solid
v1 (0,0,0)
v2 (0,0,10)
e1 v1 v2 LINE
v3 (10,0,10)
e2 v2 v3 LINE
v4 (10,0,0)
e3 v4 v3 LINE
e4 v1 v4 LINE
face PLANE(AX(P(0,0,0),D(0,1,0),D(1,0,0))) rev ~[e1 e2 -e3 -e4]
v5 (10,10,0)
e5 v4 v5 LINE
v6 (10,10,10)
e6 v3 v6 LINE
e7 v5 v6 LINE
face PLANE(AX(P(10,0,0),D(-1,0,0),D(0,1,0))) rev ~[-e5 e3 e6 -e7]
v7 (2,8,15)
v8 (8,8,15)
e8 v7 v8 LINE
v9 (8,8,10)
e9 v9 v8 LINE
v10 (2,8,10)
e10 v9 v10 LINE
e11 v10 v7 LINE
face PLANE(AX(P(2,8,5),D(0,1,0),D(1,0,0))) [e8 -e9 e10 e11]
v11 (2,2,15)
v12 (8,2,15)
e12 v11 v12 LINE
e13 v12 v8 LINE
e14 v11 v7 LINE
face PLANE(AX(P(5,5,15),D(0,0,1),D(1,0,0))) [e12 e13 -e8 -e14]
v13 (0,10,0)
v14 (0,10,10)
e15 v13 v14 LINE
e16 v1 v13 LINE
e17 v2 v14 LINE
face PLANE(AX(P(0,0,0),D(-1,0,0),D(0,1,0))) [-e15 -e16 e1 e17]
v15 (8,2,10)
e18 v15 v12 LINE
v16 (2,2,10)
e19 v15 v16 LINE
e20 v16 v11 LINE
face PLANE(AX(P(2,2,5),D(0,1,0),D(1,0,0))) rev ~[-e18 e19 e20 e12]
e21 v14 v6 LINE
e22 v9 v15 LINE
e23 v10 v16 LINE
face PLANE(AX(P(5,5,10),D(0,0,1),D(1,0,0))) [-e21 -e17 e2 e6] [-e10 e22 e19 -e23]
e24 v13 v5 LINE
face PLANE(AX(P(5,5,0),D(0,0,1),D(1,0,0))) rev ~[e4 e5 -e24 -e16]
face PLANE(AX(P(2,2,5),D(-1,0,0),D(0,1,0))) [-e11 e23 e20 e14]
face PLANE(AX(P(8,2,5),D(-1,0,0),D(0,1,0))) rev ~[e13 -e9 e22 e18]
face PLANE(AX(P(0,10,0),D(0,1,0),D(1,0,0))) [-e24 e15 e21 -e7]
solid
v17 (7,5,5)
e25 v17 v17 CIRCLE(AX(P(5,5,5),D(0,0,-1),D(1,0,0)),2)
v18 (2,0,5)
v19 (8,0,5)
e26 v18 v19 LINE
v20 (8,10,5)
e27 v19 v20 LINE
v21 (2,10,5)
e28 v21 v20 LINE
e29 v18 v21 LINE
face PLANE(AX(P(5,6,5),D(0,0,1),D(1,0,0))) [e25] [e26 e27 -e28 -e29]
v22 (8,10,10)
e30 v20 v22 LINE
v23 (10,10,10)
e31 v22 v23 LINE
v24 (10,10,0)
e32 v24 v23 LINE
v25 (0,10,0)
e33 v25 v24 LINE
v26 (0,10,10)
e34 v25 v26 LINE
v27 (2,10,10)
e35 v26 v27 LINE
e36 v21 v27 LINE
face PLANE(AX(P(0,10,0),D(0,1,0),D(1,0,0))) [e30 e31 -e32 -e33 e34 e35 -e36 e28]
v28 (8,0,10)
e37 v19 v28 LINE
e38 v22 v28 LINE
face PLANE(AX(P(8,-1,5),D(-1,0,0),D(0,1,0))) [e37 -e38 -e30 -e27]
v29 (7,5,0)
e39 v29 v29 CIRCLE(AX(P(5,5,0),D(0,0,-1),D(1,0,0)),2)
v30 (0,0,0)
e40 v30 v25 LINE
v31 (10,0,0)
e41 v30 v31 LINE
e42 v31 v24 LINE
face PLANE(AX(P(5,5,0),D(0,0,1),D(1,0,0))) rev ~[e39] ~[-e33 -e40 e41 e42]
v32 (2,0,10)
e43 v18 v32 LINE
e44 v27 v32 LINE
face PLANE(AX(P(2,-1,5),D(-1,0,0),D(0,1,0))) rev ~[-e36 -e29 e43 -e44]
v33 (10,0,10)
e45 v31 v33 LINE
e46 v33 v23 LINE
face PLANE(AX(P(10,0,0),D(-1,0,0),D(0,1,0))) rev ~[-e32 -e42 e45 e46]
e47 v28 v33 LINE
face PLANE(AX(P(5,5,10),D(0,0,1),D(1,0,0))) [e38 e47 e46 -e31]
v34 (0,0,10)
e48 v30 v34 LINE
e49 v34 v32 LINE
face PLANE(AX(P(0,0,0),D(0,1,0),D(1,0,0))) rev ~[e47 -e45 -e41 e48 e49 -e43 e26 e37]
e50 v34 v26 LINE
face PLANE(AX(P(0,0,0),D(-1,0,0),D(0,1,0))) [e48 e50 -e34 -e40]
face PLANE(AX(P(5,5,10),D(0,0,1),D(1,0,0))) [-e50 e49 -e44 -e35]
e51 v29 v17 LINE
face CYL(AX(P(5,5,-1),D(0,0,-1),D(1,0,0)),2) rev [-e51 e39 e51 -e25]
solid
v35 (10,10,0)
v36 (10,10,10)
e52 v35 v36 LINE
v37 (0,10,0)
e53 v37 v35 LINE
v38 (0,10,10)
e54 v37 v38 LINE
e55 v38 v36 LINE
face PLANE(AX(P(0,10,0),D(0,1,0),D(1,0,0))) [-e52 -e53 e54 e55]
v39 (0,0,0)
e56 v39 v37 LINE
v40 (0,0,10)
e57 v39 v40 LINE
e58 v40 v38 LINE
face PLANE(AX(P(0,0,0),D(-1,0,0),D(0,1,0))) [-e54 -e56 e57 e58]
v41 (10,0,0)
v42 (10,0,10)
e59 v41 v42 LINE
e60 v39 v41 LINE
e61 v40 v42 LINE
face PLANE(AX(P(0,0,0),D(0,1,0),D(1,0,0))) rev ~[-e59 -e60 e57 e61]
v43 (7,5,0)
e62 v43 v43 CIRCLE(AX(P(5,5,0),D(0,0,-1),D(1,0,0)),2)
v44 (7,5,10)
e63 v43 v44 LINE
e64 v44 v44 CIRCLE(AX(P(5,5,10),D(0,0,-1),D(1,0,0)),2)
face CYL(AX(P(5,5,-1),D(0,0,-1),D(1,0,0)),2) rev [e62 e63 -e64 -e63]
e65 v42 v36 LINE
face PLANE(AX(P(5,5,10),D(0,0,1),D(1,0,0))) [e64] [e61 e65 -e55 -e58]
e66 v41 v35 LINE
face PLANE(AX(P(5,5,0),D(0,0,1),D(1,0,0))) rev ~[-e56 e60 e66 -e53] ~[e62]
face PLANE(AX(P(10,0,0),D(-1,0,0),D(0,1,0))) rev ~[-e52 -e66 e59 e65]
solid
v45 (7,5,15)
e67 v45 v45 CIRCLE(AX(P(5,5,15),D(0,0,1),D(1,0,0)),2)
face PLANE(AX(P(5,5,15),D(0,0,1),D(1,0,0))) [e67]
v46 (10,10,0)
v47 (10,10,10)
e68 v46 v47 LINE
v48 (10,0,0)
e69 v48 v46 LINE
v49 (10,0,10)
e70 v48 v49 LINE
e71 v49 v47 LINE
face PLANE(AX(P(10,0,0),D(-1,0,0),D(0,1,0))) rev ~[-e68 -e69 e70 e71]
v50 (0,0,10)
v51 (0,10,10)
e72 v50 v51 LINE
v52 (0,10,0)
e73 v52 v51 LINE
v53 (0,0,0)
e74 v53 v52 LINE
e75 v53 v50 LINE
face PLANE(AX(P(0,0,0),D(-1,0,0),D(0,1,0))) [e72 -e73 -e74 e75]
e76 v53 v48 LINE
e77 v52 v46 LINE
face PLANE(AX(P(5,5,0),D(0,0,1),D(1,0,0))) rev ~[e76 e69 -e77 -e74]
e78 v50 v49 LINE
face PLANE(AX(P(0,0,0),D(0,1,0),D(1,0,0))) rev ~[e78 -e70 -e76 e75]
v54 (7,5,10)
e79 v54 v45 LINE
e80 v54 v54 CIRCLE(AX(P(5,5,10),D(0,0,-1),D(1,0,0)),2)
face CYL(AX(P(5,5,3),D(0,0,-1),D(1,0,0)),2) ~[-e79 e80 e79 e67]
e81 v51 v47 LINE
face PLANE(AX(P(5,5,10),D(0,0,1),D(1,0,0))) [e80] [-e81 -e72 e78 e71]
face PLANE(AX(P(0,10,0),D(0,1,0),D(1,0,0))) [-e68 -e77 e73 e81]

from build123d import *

# Parameters (mm, degrees)
CYLINDER_R        = 2
CYLINDER_DEPTH    = 10
BOX001_W          = 6
BOX001_H          = 14
BOX001_DEPTH      = 10
BOX_W             = 10
BOX_H             = 10
BOX_DEPTH         = 10
BOX003_W          = 6
BOX003_H          = 6
BOX003_DEPTH      = 10
BOX002_W          = 10
BOX002_H          = 10
BOX002_DEPTH      = 10
CYLINDER001_R     = 2
CYLINDER001_DEPTH = 12
BOX004_W          = 10
BOX004_H          = 10
BOX004_DEPTH      = 10
CYLINDER002_R     = 2
CYLINDER002_DEPTH = 12
BOX005_W          = 10
BOX005_H          = 10
BOX005_DEPTH      = 10


with BuildPart() as cylinder:
    # Cylinder → Cylinder (new body)
    with BuildSketch(Plane(origin=(5, 5, -1), x_dir=(1, 0, 0), z_dir=(0, 0, 1))):
        Circle(CYLINDER_R)
    extrude(amount=CYLINDER_DEPTH)


with BuildPart() as cube001:
    # Box001 → Box001 (new body)
    with BuildSketch(Plane(origin=(2, -1, 5), x_dir=(1, 0, 0), z_dir=(0, 0, 1))):
        with Locations((3, 7)):
            Rectangle(BOX001_W, BOX001_H)
    extrude(amount=BOX001_DEPTH)


with BuildPart() as cut001:
    # Box → Box (new body)
    with BuildSketch(Plane.XY):
        with Locations((5, 5)):
            Rectangle(BOX_W, BOX_H)
    extrude(amount=BOX_DEPTH)

    # Cut: cut Cube001
    add(cube001.part, mode=Mode.SUBTRACT)

    # Cut001: cut Cylinder
    add(cylinder.part, mode=Mode.SUBTRACT)


with BuildPart() as cube003:
    # Box003 → Box003 (new body)
    with BuildSketch(Plane(origin=(2, 2, 5), x_dir=(1, 0, 0), z_dir=(0, 0, 1))):
        with Locations((3, 3)):
            Rectangle(BOX003_W, BOX003_H)
    extrude(amount=BOX003_DEPTH)


with BuildPart() as fusion:
    # Box002 → Box002 (new body)
    with BuildSketch(Plane.XY):
        with Locations((5, 5)):
            Rectangle(BOX002_W, BOX002_H)
    extrude(amount=BOX002_DEPTH)

    # Fusion: union Cube003
    add(cube003.part)


with BuildPart() as cylinder001:
    # Cylinder001 → Cylinder001 (new body)
    with BuildSketch(Plane(origin=(5, 5, -1), x_dir=(1, 0, 0), z_dir=(0, 0, 1))):
        Circle(CYLINDER001_R)
    extrude(amount=CYLINDER001_DEPTH)


with BuildPart() as cube_cylinder:
    # Box004 → Box004 (new body)
    with BuildSketch(Plane.XY):
        with Locations((5, 5)):
            Rectangle(BOX004_W, BOX004_H)
    extrude(amount=BOX004_DEPTH)

    # Cut002: cut Cylinder001
    add(cylinder001.part, mode=Mode.SUBTRACT)


with BuildPart() as cylinder002:
    # Cylinder002 → Cylinder002 (new body)
    with BuildSketch(Plane(origin=(5, 5, 3), x_dir=(1, 0, 0), z_dir=(0, 0, 1))):
        Circle(CYLINDER002_R)
    extrude(amount=CYLINDER002_DEPTH)


with BuildPart() as cubepluscylinder:
    # Box005 → Box005 (new body)
    with BuildSketch(Plane.XY):
        with Locations((5, 5)):
            Rectangle(BOX005_W, BOX005_H)
    extrude(amount=BOX005_DEPTH)

    # Fusion001: union Cylinder002
    add(cylinder002.part)


solid = Compound([cut001.part, fusion.part, cube_cylinder.part, cubepluscylinder.part])
